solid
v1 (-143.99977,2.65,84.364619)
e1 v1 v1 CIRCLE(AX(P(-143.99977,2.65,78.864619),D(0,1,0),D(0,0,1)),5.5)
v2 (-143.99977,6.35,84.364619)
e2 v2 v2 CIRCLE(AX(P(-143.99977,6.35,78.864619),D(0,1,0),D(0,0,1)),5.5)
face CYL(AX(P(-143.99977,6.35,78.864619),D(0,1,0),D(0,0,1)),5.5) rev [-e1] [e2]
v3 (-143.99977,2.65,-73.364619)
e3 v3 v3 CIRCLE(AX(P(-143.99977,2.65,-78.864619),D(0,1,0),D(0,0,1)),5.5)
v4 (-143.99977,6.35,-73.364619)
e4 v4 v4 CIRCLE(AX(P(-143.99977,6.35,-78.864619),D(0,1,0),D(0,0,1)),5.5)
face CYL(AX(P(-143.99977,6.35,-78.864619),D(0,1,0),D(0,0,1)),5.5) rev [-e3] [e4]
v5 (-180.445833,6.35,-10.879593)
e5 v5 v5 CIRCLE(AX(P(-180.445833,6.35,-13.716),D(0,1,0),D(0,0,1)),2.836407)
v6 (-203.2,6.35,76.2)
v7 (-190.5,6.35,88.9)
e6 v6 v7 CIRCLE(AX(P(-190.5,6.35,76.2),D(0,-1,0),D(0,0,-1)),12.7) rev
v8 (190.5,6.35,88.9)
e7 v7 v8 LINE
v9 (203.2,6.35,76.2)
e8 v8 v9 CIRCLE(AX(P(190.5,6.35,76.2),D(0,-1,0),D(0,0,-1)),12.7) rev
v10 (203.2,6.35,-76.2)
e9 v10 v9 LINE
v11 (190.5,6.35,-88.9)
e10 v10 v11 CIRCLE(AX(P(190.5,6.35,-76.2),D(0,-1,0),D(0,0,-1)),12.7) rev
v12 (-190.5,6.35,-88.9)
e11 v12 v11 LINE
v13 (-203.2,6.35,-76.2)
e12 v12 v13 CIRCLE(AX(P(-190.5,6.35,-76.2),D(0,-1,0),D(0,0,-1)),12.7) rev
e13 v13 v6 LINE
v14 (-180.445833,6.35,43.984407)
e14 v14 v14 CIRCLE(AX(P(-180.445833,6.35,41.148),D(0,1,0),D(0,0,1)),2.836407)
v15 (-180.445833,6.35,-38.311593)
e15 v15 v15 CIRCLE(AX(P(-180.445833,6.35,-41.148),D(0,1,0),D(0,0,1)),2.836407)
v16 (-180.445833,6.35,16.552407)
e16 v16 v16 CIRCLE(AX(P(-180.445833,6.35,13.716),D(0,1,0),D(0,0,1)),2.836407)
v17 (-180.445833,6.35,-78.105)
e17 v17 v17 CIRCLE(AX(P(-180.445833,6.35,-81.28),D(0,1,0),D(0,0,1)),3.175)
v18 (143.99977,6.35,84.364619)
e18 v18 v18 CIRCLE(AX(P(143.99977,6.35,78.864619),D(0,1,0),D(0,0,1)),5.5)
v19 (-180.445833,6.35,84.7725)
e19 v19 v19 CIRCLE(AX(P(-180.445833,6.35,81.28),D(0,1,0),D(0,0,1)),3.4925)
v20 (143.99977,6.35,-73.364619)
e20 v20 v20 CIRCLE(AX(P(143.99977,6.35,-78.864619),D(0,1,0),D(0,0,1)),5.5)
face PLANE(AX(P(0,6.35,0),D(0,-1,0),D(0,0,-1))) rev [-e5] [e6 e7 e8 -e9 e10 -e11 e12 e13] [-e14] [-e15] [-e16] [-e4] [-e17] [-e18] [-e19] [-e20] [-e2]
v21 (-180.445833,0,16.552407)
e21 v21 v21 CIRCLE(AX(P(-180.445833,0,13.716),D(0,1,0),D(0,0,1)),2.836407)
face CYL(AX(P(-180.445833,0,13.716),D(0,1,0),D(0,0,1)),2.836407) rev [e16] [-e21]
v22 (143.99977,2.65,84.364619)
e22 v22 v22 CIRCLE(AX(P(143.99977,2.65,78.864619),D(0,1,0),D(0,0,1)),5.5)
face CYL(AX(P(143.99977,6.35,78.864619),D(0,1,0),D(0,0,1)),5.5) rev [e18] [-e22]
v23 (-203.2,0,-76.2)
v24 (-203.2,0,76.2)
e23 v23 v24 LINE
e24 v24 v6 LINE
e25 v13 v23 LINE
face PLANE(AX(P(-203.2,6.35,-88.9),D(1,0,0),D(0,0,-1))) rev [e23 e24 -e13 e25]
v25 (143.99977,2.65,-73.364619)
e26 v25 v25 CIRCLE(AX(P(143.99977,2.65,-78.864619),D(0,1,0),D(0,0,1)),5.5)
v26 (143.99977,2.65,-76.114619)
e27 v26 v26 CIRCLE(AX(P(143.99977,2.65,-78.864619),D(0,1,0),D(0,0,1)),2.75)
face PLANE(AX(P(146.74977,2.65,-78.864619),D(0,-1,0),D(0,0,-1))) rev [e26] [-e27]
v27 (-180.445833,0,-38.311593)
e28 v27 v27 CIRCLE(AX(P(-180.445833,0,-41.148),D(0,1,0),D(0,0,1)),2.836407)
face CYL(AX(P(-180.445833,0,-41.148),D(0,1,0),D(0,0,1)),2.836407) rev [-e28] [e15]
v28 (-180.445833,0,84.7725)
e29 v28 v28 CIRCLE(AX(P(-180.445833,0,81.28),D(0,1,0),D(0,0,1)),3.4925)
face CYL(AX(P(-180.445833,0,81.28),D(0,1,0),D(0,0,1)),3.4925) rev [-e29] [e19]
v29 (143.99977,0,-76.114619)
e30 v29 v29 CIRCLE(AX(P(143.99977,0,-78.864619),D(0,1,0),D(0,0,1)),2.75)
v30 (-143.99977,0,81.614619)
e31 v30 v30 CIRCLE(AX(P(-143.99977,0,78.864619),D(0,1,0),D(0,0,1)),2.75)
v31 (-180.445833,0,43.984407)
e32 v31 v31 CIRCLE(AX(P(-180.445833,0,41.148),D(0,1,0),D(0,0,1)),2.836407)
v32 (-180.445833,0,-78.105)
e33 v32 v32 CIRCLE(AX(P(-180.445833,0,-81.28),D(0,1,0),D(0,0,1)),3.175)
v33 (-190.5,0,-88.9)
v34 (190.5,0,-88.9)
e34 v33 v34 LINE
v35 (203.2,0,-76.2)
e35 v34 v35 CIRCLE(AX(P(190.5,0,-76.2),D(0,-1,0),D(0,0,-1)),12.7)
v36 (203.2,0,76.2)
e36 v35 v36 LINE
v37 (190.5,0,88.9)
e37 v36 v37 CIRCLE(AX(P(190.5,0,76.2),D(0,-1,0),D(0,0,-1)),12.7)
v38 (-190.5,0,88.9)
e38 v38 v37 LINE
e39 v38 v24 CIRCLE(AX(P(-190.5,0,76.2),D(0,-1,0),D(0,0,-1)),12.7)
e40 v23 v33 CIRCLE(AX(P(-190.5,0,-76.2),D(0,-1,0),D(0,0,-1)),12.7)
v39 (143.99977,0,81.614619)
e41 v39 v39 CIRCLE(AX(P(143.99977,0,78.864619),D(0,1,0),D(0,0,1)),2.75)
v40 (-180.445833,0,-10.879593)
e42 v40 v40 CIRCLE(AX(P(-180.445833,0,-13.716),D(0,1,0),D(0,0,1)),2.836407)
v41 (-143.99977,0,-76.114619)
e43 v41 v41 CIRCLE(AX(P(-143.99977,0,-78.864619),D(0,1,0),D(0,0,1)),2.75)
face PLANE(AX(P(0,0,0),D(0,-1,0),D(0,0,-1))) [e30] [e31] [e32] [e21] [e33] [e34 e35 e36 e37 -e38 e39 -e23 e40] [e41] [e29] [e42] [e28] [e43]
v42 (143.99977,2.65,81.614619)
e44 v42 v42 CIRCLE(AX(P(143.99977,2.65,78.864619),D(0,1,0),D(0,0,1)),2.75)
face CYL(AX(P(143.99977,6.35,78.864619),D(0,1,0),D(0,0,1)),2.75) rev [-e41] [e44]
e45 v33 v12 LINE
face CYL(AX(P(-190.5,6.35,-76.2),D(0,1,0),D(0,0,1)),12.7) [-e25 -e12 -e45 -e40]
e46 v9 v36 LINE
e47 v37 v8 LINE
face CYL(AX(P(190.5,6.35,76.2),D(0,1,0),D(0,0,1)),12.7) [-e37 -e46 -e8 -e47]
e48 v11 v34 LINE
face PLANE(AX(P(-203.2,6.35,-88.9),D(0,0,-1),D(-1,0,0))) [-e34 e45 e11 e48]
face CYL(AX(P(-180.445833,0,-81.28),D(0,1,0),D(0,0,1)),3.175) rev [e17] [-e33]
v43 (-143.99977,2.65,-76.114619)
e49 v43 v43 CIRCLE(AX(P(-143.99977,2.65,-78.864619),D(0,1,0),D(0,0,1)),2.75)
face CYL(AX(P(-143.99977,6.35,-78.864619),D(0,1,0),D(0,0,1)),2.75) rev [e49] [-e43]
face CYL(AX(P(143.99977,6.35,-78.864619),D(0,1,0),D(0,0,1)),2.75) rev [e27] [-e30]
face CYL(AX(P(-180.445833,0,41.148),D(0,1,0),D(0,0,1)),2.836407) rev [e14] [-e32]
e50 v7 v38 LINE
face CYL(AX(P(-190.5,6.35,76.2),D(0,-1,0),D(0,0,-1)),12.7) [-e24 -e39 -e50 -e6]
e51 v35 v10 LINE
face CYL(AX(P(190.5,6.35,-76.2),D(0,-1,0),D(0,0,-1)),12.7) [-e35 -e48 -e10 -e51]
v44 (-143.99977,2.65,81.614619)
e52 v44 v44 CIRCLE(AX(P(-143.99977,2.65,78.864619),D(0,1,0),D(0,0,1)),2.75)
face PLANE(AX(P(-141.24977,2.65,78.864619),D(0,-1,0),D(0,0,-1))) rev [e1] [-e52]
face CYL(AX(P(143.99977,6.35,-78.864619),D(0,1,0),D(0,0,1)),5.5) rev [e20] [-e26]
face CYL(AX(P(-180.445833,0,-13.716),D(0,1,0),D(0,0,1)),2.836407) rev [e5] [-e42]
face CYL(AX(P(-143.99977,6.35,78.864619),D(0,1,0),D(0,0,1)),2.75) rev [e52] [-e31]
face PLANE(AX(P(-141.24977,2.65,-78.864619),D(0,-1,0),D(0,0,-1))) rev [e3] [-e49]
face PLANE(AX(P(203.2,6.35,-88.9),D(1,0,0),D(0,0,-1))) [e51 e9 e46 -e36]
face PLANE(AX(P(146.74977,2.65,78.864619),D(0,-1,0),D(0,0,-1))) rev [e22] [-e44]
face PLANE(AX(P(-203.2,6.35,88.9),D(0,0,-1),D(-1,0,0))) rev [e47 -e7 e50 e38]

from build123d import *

# Parameters (mm, degrees)
SKETCH1_W                                        = 406.4
SKETCH1_H                                        = 177.8
BOSS_EXTRUDE1_DEPTH                              = 6.35
FILLET1_R                                        = 12.7
CBORE_FOR_M5_PAN_HEAD_MACHINE_SCREW1_D           = 5.5
CBORE_FOR_M5_PAN_HEAD_MACHINE_SCREW1_CBORE_D     = 11
CBORE_FOR_M5_PAN_HEAD_MACHINE_SCREW1_CBORE_DEPTH = 3.7
MIRROR2_COPY_1_D                                 = 5.5
MIRROR2_COPY_1_CBORE_D                           = 11
MIRROR2_COPY_1_CBORE_DEPTH                       = 3.7
SKETCH4_R                                        = 3.175
SKETCH4_R_2                                      = 3.4925
CUT_EXTRUDE1_DEPTH                               = 222.886846163
SKETCH5_R                                        = 2.836407304
CUT_EXTRUDE2_DEPTH                               = 222.886846163


with BuildPart() as part:
    # Sketch1 → Boss-Extrude1 (new body)
    with BuildSketch(Plane(origin=(0, 0, 0), x_dir=(1, 0, 0), z_dir=(0, 1, 0))):
        Rectangle(SKETCH1_W, SKETCH1_H)
    extrude(amount=BOSS_EXTRUDE1_DEPTH)

    # Fillet1
    fillet1_edges = [part.edges().sort_by_distance(p)[0] for p in [
        (-203.2, 3.175, -88.9),
        (-203.2, 3.175, 88.9),
        (203.2, 3.175, 88.9),
        (203.2, 3.175, -88.9),
    ]]
    fillet(fillet1_edges, radius=FILLET1_R)

    # CBORE for M5 Pan Head Machine Screw1 (through all)
    with Locations(Plane(origin=(0, 6.35, 0), x_dir=(1, 0, 0), z_dir=(0, 1, 0))):
        with Locations((-143.999769965, -78.864619027)):
            cbore_for_m5_pan_head_machine_screw1 = CounterBoreHole(CBORE_FOR_M5_PAN_HEAD_MACHINE_SCREW1_D / 2, CBORE_FOR_M5_PAN_HEAD_MACHINE_SCREW1_CBORE_D / 2, CBORE_FOR_M5_PAN_HEAD_MACHINE_SCREW1_CBORE_DEPTH)

    # Mirror1: CBORE for M5 Pan Head Machine Screw1 across plane
    add(cbore_for_m5_pan_head_machine_screw1.mirror(Plane(origin=(0, 0, 0), x_dir=(0, 0, 1), z_dir=(1, 0, 0))), mode=Mode.SUBTRACT)

    # Mirror2: CBORE for M5 Pan Head Machine Screw1 across plane
    add(cbore_for_m5_pan_head_machine_screw1.mirror(Plane.XY), mode=Mode.SUBTRACT)

    # Mirror2 copy 1 (through all)
    with Locations(Plane(origin=(0, 6.35, 0), x_dir=(-1, 0, 0), z_dir=(0, 1, 0))):
        with Locations((-143.999769965, -78.864619027)):
            CounterBoreHole(MIRROR2_COPY_1_D / 2, MIRROR2_COPY_1_CBORE_D / 2, MIRROR2_COPY_1_CBORE_DEPTH)

    # Sketch4 → Cut-Extrude1 (cut, through all)
    with BuildSketch(Plane(origin=(0, 6.35, 0), x_dir=(1, 0, 0), z_dir=(0, 1, 0))):
        with Locations(Location((-180.445833333, 81.28, 0), (0, 0, 270))):
            Circle(SKETCH4_R)
        with Locations(Location((-180.445833333, -81.28, 0), (0, 0, 270))):
            Circle(SKETCH4_R_2)
    extrude(amount=-CUT_EXTRUDE1_DEPTH, mode=Mode.SUBTRACT)

    # Sketch5 → Cut-Extrude2 (cut, through all)
    with BuildSketch(Plane(origin=(0, 6.35, 0), x_dir=(1, 0, 0), z_dir=(0, 1, 0))):
        with Locations(Location((-180.445833333, 41.148, 0), (0, 0, 270))):
            Circle(SKETCH5_R)
        with Locations(Location((-180.445833333, 13.716, 0), (0, 0, 270))):
            Circle(SKETCH5_R)
        with Locations(Location((-180.445833333, -13.716, 0), (0, 0, 270))):
            Circle(SKETCH5_R)
        with Locations(Location((-180.445833333, -41.148, 0), (0, 0, 270))):
            Circle(SKETCH5_R)
    extrude(amount=-CUT_EXTRUDE2_DEPTH, mode=Mode.SUBTRACT)


solid = part.part
